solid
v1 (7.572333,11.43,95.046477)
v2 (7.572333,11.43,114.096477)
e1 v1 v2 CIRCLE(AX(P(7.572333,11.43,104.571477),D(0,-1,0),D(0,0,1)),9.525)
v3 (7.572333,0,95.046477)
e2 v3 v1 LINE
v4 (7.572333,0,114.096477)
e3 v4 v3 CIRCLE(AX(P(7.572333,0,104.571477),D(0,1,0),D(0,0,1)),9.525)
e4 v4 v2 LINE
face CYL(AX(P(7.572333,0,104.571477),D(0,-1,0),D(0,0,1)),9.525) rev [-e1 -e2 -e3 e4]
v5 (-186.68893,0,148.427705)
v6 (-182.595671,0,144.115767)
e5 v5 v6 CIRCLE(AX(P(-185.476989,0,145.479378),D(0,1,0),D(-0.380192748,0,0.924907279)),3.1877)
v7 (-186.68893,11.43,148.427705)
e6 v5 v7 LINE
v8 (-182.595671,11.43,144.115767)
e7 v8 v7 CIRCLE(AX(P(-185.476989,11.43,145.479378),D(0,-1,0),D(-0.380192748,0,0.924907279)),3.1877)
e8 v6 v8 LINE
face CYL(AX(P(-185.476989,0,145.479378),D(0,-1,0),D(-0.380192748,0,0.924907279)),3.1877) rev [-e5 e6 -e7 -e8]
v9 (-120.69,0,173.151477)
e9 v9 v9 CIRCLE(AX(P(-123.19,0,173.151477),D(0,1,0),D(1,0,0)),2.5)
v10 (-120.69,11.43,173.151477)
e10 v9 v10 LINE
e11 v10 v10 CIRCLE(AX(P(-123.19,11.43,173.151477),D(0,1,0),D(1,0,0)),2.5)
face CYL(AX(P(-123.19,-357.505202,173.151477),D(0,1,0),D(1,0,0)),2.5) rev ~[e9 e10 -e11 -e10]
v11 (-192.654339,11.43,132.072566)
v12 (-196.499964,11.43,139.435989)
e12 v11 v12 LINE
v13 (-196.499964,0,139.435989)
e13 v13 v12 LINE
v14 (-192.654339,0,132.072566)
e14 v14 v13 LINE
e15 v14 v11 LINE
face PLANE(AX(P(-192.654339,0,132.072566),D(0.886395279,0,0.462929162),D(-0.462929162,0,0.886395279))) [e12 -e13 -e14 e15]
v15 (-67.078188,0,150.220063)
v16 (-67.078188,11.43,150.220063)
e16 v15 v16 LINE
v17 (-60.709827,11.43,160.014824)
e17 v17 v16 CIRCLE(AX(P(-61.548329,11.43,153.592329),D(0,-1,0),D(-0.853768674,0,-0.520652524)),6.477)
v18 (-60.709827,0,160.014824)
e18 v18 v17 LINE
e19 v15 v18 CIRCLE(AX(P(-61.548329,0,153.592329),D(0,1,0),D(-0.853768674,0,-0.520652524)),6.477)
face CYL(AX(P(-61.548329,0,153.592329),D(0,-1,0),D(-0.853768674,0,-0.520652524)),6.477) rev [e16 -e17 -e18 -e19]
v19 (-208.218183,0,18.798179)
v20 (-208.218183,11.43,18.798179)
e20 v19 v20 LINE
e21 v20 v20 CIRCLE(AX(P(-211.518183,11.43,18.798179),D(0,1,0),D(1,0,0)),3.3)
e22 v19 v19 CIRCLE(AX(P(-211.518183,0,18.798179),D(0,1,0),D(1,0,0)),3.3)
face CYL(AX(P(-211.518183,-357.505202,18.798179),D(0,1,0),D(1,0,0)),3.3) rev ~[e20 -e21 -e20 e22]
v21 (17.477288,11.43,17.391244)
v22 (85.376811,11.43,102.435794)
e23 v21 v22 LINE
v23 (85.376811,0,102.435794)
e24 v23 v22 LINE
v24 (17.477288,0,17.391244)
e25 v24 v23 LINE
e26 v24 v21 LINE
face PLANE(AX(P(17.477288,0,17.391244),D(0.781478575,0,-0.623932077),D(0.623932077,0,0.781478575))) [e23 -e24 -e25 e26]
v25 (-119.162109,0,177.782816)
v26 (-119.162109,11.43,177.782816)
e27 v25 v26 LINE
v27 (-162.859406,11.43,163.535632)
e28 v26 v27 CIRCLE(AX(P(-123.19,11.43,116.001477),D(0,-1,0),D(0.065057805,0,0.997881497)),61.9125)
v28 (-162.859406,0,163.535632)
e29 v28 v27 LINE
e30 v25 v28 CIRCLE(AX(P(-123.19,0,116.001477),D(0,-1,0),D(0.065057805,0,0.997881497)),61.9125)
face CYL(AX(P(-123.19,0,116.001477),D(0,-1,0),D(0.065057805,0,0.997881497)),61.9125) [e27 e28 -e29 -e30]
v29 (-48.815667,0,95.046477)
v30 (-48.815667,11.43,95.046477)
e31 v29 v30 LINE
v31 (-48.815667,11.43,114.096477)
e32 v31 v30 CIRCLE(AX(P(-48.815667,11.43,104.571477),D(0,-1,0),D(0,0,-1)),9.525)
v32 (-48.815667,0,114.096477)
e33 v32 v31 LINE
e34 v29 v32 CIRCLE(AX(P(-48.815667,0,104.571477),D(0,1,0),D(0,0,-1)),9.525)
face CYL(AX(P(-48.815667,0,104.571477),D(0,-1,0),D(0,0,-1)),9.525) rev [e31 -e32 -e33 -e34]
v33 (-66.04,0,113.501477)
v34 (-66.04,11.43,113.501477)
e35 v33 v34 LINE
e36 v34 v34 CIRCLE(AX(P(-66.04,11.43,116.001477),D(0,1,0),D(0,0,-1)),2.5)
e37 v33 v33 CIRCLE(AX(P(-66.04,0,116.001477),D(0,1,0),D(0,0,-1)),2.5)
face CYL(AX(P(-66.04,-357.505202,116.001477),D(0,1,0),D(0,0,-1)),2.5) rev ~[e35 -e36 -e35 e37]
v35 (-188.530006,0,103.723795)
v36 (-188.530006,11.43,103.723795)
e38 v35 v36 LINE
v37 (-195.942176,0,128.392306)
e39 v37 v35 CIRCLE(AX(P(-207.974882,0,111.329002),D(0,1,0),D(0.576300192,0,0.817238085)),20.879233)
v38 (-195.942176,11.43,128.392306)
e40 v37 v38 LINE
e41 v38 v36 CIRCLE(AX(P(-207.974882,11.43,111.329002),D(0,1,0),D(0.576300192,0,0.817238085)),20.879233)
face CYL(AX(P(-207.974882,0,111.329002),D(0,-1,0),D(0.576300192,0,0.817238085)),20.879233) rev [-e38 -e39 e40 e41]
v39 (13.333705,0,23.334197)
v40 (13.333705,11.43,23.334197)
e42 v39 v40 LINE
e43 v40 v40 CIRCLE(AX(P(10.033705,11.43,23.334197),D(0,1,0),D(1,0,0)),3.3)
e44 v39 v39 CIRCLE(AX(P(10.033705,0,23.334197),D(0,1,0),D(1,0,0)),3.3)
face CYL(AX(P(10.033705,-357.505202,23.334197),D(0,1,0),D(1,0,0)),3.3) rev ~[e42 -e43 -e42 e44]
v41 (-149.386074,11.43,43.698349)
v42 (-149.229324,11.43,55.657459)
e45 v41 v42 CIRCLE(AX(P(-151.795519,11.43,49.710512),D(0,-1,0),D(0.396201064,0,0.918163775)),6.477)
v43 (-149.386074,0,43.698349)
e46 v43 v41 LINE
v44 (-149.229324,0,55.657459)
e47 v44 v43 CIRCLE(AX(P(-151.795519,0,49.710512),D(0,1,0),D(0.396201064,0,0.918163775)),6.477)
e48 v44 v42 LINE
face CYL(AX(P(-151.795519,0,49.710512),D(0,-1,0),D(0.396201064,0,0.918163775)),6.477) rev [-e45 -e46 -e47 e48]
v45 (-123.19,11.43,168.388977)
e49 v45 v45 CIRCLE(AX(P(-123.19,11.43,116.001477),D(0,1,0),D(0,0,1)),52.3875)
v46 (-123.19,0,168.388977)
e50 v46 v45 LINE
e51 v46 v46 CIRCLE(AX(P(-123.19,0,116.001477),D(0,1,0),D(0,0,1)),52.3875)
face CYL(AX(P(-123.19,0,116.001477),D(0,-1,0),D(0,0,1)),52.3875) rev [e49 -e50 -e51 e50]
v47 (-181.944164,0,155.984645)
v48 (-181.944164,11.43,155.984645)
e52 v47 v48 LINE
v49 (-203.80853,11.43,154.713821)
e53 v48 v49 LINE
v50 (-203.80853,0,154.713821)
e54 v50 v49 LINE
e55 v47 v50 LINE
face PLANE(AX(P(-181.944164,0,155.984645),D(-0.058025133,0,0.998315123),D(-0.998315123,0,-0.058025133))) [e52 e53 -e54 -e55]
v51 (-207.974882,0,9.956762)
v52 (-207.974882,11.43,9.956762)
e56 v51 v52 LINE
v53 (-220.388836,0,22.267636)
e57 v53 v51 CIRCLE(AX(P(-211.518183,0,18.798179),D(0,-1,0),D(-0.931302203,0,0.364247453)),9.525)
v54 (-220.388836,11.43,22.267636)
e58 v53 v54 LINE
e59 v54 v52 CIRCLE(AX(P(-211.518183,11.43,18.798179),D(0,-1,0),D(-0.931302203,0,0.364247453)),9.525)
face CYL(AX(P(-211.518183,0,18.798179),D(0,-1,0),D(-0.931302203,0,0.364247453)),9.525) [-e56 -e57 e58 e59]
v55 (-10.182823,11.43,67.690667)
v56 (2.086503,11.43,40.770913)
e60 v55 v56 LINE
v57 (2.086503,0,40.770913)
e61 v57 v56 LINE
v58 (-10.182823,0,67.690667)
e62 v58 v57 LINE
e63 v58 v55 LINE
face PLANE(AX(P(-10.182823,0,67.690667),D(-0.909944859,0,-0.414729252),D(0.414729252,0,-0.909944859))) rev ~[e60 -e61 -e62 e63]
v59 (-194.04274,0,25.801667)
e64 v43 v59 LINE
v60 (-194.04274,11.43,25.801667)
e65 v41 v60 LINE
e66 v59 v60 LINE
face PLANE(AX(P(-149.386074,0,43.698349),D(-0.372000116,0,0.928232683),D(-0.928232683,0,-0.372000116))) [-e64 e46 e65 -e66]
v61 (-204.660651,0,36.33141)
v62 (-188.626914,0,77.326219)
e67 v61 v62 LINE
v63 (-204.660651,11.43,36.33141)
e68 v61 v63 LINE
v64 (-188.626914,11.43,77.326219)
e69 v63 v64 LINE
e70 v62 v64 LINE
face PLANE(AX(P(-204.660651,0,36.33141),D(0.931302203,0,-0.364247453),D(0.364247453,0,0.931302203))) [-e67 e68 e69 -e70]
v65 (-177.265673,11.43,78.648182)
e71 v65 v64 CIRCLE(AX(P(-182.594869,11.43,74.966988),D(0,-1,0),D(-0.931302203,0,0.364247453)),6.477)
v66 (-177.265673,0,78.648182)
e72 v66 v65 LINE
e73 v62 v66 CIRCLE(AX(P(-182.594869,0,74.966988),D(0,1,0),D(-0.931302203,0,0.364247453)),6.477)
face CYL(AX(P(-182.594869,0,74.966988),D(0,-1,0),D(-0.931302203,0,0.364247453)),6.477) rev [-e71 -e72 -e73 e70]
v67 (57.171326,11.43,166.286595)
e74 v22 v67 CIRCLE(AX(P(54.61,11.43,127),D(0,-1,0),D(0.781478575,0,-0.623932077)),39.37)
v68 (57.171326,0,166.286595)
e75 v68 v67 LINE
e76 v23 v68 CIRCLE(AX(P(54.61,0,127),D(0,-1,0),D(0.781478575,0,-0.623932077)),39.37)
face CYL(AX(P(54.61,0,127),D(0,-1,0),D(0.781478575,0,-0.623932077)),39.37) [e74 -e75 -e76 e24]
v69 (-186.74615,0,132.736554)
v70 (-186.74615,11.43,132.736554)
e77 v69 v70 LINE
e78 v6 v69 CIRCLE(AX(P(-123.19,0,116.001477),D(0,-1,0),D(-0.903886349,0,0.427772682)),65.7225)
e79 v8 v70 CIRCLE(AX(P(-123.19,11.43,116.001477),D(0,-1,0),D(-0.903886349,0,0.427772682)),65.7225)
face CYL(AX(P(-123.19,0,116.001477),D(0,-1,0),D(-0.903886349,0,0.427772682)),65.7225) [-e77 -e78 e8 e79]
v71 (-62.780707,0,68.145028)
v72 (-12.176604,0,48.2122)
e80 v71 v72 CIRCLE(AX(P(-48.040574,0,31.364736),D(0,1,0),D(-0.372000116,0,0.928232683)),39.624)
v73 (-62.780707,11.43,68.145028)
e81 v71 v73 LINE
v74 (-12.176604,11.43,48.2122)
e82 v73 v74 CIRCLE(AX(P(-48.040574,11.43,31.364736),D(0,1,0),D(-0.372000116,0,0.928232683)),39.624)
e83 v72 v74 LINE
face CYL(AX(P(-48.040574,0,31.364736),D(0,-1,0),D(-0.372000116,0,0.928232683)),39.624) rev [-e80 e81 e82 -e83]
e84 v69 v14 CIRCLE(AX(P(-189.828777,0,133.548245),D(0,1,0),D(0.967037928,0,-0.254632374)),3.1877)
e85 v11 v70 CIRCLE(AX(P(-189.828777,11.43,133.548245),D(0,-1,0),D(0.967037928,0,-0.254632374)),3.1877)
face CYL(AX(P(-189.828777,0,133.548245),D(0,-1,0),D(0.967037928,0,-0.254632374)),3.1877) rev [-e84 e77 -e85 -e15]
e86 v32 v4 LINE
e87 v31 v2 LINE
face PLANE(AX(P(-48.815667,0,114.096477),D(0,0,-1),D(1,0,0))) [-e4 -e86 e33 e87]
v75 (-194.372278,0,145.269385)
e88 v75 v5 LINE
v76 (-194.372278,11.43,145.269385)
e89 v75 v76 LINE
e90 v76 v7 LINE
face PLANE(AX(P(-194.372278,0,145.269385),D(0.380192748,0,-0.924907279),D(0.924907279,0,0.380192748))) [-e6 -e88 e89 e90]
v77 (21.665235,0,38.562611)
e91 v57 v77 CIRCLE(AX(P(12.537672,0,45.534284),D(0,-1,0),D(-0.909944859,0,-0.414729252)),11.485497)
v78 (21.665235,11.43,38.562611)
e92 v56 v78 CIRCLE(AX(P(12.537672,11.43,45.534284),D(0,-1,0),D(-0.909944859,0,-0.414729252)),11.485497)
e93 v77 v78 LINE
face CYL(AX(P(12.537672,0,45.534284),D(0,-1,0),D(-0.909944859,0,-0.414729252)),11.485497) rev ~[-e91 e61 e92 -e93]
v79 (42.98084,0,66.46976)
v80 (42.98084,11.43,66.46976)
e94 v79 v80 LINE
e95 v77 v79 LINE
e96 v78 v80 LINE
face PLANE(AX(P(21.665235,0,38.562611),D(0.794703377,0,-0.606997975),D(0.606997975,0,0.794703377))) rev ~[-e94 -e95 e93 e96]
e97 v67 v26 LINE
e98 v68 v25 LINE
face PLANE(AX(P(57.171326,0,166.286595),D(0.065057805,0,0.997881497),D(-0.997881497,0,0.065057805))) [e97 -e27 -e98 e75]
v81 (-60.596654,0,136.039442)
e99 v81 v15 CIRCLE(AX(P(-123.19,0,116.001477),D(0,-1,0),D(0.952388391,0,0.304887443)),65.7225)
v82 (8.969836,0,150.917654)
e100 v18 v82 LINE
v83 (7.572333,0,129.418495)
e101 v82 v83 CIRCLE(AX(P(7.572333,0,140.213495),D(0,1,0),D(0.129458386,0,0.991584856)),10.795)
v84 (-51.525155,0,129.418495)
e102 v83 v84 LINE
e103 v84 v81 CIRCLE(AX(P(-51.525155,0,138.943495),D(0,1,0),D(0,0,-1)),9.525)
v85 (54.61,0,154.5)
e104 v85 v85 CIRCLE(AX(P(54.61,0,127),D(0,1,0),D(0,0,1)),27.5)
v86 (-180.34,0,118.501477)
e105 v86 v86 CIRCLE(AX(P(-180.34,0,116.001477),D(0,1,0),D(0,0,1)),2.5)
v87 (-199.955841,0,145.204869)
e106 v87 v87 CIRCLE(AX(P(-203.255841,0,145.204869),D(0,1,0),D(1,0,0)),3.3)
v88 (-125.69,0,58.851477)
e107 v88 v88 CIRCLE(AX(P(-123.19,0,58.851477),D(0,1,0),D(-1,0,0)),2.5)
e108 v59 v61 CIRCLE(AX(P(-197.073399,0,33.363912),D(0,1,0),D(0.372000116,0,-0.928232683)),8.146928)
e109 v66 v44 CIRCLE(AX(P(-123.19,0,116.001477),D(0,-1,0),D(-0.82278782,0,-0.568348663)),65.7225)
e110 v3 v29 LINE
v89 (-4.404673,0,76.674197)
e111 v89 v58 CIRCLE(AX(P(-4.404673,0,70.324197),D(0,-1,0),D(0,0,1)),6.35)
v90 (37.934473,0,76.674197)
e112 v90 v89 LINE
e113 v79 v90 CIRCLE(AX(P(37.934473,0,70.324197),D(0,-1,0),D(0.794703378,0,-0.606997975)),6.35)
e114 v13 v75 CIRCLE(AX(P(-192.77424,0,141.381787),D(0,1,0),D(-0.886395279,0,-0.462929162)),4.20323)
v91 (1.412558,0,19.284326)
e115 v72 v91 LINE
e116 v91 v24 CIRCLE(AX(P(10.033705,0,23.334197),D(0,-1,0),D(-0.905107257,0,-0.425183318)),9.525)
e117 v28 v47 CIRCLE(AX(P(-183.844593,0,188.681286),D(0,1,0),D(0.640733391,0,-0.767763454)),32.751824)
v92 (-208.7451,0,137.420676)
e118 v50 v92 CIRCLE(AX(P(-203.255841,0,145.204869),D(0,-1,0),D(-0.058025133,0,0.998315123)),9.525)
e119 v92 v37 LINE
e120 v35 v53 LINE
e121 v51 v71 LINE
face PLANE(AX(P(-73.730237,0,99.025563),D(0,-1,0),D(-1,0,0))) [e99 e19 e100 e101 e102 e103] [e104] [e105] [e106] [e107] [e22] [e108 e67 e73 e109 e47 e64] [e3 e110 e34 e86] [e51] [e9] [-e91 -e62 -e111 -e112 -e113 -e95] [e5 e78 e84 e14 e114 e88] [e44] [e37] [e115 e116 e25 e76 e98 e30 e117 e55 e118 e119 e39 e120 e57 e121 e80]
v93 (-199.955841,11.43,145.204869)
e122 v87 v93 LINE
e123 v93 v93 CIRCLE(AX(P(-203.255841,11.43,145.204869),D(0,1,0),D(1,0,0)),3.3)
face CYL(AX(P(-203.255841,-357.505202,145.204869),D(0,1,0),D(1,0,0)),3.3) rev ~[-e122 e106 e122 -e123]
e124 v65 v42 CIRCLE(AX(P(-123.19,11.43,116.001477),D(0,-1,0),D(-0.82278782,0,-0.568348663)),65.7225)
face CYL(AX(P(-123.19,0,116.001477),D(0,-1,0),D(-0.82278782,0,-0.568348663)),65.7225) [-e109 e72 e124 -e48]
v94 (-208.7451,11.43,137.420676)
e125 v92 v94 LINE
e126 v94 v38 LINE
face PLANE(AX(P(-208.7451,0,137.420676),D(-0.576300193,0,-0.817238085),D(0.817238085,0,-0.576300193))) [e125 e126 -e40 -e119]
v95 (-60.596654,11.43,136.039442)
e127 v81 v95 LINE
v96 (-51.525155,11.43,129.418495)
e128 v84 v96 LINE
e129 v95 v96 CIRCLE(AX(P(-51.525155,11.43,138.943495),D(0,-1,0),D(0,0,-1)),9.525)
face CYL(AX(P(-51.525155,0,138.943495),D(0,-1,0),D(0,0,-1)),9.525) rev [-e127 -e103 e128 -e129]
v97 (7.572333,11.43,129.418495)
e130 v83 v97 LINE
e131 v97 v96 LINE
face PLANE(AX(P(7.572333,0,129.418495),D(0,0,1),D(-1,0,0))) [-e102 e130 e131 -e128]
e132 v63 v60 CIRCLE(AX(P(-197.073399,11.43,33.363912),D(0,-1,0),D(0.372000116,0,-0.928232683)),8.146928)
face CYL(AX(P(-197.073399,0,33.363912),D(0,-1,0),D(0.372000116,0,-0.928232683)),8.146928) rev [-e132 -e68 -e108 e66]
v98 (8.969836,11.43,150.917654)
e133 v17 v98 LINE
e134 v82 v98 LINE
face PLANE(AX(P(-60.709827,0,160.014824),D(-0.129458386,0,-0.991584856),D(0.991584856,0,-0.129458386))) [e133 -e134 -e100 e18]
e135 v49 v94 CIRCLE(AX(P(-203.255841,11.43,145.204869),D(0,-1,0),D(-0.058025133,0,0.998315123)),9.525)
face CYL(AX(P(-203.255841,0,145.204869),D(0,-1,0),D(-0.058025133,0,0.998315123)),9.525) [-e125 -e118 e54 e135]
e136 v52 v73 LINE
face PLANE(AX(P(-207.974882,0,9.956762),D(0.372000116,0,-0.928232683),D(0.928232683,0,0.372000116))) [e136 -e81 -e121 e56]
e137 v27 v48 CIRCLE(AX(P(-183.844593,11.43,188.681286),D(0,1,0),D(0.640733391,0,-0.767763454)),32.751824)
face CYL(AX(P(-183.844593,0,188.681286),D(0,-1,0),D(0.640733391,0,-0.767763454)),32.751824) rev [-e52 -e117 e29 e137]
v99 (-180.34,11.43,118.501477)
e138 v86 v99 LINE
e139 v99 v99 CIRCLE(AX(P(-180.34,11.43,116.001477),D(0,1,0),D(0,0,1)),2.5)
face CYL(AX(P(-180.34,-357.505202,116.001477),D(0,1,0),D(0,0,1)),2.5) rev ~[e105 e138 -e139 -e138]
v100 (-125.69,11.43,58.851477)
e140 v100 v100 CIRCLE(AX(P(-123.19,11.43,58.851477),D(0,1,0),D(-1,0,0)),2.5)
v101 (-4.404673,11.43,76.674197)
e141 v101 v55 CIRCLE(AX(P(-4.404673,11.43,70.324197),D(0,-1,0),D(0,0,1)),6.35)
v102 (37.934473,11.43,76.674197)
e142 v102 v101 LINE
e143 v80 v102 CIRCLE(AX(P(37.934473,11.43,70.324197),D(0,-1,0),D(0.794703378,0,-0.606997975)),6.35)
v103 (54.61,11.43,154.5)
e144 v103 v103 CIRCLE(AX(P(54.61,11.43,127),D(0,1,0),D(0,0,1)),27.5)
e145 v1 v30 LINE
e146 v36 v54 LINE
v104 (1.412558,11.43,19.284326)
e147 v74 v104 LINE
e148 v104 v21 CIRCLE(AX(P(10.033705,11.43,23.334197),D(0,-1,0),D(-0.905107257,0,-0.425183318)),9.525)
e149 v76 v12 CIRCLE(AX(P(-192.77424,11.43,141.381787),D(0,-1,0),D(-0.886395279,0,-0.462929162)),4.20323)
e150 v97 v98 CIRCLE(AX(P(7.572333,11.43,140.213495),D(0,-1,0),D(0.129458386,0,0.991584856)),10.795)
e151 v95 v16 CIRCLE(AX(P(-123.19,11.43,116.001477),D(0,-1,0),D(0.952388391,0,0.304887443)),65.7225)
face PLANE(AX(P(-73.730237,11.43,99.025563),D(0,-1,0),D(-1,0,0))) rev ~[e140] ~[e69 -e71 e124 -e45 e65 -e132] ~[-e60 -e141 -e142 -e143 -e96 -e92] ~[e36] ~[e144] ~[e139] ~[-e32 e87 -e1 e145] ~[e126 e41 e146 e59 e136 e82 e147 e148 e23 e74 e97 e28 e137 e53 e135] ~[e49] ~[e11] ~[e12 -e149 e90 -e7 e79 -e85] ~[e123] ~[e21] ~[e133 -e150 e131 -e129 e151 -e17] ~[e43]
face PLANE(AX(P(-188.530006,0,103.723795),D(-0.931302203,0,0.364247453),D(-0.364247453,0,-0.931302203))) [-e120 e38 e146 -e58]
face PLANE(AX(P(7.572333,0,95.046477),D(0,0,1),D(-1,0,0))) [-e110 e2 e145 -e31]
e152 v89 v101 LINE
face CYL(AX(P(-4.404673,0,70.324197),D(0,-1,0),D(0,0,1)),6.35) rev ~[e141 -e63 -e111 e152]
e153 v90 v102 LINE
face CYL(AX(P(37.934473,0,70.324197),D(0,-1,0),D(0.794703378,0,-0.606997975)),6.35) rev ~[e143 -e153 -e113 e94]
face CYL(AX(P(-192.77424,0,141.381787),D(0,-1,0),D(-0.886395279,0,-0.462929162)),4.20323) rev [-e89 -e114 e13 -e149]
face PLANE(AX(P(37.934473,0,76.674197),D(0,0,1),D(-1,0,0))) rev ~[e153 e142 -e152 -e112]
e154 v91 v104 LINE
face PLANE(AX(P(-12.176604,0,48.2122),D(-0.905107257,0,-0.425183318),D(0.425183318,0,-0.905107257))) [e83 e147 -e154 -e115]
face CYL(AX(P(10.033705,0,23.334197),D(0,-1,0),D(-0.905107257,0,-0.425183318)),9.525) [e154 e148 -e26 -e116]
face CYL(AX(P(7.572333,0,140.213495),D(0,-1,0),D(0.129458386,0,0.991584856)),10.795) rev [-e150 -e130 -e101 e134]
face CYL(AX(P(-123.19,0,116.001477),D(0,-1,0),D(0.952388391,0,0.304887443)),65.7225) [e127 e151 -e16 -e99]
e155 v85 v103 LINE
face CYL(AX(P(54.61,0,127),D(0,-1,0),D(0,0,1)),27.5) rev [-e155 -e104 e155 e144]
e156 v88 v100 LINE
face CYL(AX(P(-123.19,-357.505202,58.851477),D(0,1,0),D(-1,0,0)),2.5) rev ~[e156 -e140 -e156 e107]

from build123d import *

# Parameters (mm, degrees)
SKETCH1_R             = 52.3875
SKETCH1_R_2           = 27.49999999
BOSS_EXTRUDE1_DEPTH   = 11.43
M6_CLEARANCE_HOLE1_D  = 6.6
F_5_0MM_DOWEL_HOLE1_D = 5
CIRPATTERN1_COUNT     = 4
CUT_EXTRUDE1_DEPTH    = 284.979078357
CUT_EXTRUDE2_DEPTH    = 284.979078357


with BuildPart() as part:
    # Sketch1 → Boss-Extrude1 (new body)
    with BuildSketch(Plane(origin=(0, 0, 0), x_dir=(1, 0, 0), z_dir=(0, 1, 0))):
        with BuildLine():
            Line((-207.974881785, -9.956762437), (-62.780706514, -68.14502812))
            ThreePointArc((-62.780706514, -68.14502812), (-33.518744337, -68.231765471), (-12.176603989, -48.212200061))
            Line((-12.176603989, -48.212200061), (1.412558245, -19.284326264))
            ThreePointArc((1.412558245, -19.284326264), (8.918983567, -13.874650788), (17.477288292, -17.391244328))
            Line((17.477288292, -17.391244328), (85.376811489, -102.435794114))
            ThreePointArc((85.376811489, -102.435794114), (90.622808309, -142.908316621), (57.171325793, -166.286594535))
            Line((57.171325793, -166.286594535), (-119.162108632, -177.782815552))
            ThreePointArc((-119.162108632, -177.782815552), (-142.381793832, -174.864306949), (-162.859406061, -163.53563224))
            ThreePointArc((-162.859406061, -163.53563224), (-171.795020191, -158.226569188), (-181.944164228, -155.984644639))
            Line((-181.944164228, -155.984644639), (-203.80853035, -154.713820713))
            ThreePointArc((-203.80853035, -154.713820713), (-212.414961885, -147.819468359), (-208.745100296, -137.420676408))
            Line((-208.745100296, -137.420676408), (-195.942175972, -128.392306479))
            ThreePointArc((-195.942175972, -128.392306479), (-187.978797318, -117.337243624), (-188.530006395, -103.72379502))
            Line((-188.530006395, -103.72379502), (-220.388836369, -22.267635732))
            ThreePointArc((-220.388836369, -22.267635732), (-218.225236723, -12.034965467), (-207.974881785, -9.956762437))
        make_face()
        with Locations(Location((-123.19, -116.001477372, 0), (0, 0, 270))):
            Circle(SKETCH1_R, mode=Mode.SUBTRACT)
        with Locations(Location((54.61, -127, 0), (0, 0, 270))):
            Circle(SKETCH1_R_2, mode=Mode.SUBTRACT)
    extrude(amount=BOSS_EXTRUDE1_DEPTH)

    # M6 Clearance Hole1 (through all)
    with Locations(Plane(origin=(0, 0, 0), x_dir=(-1, 0, 0), z_dir=(0, -1, 0))):
        with Locations((-10.033704867, -23.334197365), (211.518182886, -18.798178744), (203.255840963, -145.20486917)):
            Hole(M6_CLEARANCE_HOLE1_D / 2)

    # Ø5.0mm Dowel Hole1 (through all)
    with Locations(Plane(origin=(0, 0, 0), x_dir=(-1, 0, 0), z_dir=(0, -1, 0))):
        with Locations((123.19, -173.151477372)):
            f_5_0mm_dowel_hole1 = Hole(F_5_0MM_DOWEL_HOLE1_D / 2)

    # CirPattern1: Ø5.0mm Dowel Hole1 ×4 about axis
    cirpattern1_axis = Axis((-123.19, 0, 116.001477372), (0, 1, 0))
    for i in range(1, CIRPATTERN1_COUNT):
        add(f_5_0mm_dowel_hole1.rotate(cirpattern1_axis, i * 360 / CIRPATTERN1_COUNT), mode=Mode.SUBTRACT)

    # Sketch6 → Cut-Extrude1 (cut, through all)
    with BuildSketch(Plane.XZ):
        with BuildLine():
            Line((-10.182822689, 67.690666612), (2.086502597, 40.770912553))
            ThreePointArc((2.086502597, 40.770912553), (11.250375023, 34.121155358), (21.665234735, 38.562610722))
            Line((21.665234735, 38.562610722), (42.980839674, 66.469760223))
            ThreePointArc((42.980839674, 66.469760223), (43.626492897, 73.139052969), (37.934473227, 76.674197365))
            Line((37.934473227, 76.674197365), (-4.404672832, 76.674197365))
            ThreePointArc((-4.404672832, 76.674197365), (-9.745338534, 73.759279585), (-10.182822689, 67.690666612))
        make_face()
        with BuildLine():
            Line((-204.660650751, 36.331409888), (-188.626913597, 77.326218823))
            ThreePointArc((-188.626913597, 77.326218823), (-183.343464985, 81.400582198), (-177.265672517, 78.648182362))
            ThreePointArc((-177.265672517, 78.648182362), (-164.864290964, 65.181201114), (-149.229324423, 55.657458697))
            ThreePointArc((-149.229324423, 55.657458697), (-145.319075006, 49.625624375), (-149.386073966, 43.698348841))
            Line((-149.386073966, 43.698348841), (-194.042740287, 25.801666969))
            ThreePointArc((-194.042740287, 25.801666969), (-202.810079512, 27.579196728), (-204.660650751, 36.331409888))
        make_face()
        with BuildLine():
            Line((-194.372277693, 145.269385296), (-186.688929521, 148.427705402))
            ThreePointArc((-186.688929521, 148.427705402), (-183.165083403, 147.67403638), (-182.595670583, 144.11576749))
            ThreePointArc((-182.595670583, 144.11576749), (-184.933614825, 138.521979912), (-186.746150226, 132.736553552))
            ThreePointArc((-186.746150226, 132.736553552), (-189.47277077, 130.380487156), (-192.65433926, 132.072565879))
            Line((-192.65433926, 132.072565879), (-196.499963589, 139.435988897))
            ThreePointArc((-196.499963589, 139.435988897), (-196.72300396, 142.822067763), (-194.372277693, 145.269385296))
        make_face()
    extrude(amount=-CUT_EXTRUDE1_DEPTH, mode=Mode.SUBTRACT)

    # Sketch7 → Cut-Extrude2 (cut, through all)
    with BuildSketch(Plane.XZ):
        with BuildLine():
            Line((-48.815667356, 114.096477372), (7.572332644, 114.096477372))
            ThreePointArc((7.572332644, 114.096477372), (17.097332644, 104.571477372), (7.572332644, 95.046477372))
            Line((7.572332644, 95.046477372), (-48.815667356, 95.046477372))
            ThreePointArc((-48.815667356, 95.046477372), (-58.340667356, 104.571477372), (-48.815667356, 114.096477372))
        make_face()
        with BuildLine():
            Line((-60.709826633, 160.014824392), (8.969835923, 150.917653722))
            ThreePointArc((8.969835923, 150.917653722), (18.344598334, 139.513268885), (7.572332644, 129.418495204))
            Line((7.572332644, 129.418495204), (-51.525154545, 129.418495204))
            ThreePointArc((-51.525154545, 129.418495204), (-57.140513894, 131.249772802), (-60.59665397, 136.039442314))
            ThreePointArc((-60.59665397, 136.039442314), (-63.415414116, 143.322639291), (-67.078188304, 150.220062883))
            ThreePointArc((-67.078188304, 150.220062883), (-66.978480311, 157.122907335), (-60.709826633, 160.014824392))
        make_face()
    extrude(amount=-CUT_EXTRUDE2_DEPTH, mode=Mode.SUBTRACT)


solid = part.part
